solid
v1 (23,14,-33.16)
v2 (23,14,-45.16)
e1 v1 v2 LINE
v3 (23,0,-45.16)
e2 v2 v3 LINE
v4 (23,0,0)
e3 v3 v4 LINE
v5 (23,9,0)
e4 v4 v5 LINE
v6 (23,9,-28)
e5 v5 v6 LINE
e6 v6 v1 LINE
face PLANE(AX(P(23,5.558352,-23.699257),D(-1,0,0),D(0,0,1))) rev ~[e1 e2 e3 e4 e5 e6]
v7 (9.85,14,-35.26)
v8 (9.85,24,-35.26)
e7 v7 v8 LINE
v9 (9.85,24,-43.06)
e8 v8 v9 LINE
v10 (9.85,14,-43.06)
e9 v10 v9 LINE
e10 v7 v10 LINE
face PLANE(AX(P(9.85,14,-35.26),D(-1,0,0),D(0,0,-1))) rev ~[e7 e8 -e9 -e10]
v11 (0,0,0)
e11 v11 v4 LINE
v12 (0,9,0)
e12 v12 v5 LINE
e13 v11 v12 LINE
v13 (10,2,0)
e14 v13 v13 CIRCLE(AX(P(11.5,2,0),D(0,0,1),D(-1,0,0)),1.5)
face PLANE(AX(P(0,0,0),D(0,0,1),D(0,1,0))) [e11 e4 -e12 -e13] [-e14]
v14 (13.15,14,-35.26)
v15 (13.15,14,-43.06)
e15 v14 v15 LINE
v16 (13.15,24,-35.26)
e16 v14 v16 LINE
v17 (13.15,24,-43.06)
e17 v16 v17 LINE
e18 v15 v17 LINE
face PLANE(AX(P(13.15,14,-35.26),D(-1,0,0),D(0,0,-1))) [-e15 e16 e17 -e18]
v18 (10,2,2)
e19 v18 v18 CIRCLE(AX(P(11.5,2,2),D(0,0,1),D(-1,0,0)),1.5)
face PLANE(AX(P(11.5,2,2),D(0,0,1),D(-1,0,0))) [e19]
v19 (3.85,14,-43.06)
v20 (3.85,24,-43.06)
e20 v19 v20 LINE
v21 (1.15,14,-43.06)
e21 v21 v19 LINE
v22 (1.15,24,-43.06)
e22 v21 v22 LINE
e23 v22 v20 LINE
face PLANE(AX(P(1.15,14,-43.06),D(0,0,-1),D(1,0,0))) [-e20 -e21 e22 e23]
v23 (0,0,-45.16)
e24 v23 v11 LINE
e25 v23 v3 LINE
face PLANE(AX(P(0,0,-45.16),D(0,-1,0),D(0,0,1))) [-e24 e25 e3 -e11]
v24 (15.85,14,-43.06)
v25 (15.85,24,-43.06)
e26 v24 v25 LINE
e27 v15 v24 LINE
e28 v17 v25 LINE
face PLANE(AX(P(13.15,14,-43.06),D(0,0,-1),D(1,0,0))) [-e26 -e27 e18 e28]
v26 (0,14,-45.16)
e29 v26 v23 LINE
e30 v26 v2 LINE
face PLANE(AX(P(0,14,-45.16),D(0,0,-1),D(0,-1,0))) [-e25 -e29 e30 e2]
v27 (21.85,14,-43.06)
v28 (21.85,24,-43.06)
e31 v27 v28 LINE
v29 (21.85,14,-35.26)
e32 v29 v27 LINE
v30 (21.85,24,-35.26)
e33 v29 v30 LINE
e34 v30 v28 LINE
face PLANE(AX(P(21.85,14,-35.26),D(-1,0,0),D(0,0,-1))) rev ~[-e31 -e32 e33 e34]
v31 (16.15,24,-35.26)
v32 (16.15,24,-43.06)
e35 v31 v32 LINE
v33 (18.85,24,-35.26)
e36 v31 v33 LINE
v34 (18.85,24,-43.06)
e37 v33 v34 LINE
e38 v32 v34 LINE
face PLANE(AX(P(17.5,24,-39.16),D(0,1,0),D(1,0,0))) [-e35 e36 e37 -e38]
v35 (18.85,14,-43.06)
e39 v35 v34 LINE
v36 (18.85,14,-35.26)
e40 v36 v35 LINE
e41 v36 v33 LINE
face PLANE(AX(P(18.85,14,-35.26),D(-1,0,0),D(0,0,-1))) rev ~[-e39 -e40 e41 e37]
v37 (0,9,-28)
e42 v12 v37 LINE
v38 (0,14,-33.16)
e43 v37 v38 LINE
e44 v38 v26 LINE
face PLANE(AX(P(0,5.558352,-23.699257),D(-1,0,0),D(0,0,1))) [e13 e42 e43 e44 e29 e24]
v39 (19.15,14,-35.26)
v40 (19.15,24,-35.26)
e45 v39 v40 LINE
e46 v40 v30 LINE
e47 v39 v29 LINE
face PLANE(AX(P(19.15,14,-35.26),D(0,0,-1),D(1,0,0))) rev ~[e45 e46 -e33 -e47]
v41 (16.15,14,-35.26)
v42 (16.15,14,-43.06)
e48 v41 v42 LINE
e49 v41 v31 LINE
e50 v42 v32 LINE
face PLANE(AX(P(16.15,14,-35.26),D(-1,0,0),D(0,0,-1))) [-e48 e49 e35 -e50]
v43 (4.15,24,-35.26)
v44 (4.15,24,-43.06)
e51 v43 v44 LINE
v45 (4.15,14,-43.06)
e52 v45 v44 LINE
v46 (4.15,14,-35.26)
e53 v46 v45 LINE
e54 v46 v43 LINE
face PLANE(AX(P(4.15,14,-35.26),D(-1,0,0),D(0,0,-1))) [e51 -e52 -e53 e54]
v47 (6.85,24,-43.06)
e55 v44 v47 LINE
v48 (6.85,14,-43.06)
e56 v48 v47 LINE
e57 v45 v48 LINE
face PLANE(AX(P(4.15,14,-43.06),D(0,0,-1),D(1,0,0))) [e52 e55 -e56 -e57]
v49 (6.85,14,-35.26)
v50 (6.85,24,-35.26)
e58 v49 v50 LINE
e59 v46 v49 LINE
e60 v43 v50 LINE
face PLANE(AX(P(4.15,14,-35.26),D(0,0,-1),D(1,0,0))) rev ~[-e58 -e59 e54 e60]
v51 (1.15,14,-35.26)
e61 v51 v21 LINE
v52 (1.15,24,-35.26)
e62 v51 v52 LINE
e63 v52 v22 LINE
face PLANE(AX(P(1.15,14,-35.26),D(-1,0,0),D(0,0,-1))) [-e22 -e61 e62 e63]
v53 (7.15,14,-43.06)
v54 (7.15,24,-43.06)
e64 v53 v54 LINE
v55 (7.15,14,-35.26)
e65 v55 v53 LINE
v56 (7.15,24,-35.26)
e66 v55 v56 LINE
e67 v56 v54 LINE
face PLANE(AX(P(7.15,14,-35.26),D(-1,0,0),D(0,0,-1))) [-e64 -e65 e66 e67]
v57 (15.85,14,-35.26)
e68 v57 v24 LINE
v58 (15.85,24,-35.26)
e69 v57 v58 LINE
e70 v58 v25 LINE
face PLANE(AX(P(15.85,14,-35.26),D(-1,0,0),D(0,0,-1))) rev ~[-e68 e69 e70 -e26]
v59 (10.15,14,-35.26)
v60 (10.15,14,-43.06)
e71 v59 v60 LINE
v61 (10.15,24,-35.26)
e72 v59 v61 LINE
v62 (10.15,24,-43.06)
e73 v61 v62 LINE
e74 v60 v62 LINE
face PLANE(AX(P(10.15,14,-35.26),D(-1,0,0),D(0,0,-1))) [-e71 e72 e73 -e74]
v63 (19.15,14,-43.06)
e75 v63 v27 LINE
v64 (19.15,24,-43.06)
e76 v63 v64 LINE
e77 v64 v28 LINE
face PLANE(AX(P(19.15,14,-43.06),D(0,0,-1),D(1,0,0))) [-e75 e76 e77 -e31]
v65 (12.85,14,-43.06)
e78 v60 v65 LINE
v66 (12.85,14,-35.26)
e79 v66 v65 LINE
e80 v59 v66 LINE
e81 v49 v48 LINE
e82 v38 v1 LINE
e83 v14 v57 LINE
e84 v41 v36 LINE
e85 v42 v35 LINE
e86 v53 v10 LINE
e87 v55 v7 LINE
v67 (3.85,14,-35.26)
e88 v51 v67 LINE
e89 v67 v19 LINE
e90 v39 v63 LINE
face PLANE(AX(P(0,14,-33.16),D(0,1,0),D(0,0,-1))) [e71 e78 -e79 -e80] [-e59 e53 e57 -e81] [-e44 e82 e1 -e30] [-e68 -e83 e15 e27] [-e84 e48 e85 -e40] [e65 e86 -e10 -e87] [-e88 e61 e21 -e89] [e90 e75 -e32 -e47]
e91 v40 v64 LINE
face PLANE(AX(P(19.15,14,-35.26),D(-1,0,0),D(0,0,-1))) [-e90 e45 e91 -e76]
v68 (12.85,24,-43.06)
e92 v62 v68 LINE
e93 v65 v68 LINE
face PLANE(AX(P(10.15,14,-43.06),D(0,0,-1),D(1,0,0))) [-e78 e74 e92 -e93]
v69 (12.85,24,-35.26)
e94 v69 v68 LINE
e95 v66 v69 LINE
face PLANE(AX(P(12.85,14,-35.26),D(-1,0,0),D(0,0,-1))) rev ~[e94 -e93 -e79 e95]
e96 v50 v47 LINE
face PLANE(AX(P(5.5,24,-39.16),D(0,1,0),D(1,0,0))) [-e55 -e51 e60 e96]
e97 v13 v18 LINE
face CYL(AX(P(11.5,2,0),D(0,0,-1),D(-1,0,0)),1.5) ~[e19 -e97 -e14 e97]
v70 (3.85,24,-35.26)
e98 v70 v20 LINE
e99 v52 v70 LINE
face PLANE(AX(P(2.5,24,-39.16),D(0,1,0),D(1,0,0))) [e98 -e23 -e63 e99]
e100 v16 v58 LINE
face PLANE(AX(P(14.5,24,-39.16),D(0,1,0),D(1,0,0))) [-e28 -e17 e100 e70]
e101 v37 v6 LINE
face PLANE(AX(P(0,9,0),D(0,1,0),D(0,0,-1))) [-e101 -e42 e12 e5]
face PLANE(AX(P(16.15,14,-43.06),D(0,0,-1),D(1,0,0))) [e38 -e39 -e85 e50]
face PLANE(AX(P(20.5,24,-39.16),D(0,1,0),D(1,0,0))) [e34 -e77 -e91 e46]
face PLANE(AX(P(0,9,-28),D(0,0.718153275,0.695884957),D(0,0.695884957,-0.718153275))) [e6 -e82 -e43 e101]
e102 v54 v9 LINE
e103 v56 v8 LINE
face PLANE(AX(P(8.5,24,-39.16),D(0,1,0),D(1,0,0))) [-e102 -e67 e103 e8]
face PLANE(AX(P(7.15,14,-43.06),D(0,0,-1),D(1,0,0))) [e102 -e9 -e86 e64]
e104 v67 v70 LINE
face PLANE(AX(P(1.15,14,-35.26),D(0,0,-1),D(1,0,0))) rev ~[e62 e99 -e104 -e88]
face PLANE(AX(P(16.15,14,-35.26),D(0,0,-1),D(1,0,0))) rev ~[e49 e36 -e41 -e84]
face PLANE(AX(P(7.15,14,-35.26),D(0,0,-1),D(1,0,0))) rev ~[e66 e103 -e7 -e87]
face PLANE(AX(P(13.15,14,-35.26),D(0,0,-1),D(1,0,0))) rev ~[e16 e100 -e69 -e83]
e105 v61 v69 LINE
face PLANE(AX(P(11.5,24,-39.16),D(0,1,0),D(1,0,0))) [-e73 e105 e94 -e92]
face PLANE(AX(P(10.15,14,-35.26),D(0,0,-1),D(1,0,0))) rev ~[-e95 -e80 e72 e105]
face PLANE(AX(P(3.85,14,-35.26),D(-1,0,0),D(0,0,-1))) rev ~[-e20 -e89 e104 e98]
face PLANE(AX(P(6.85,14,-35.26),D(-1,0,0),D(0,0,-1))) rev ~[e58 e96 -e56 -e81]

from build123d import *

# Parameters (mm, degrees)
BOSS_EXTRUDE1_DEPTH = 23
SKETCH2_R           = 1.5
BOSS_EXTRUDE2_DEPTH = 2
SKETCH3_W           = 2.7
SKETCH3_H           = 7.8
BOSS_EXTRUDE3_DEPTH = 10


with BuildPart() as part:
    # Sketch1 → Boss-Extrude1 (new body)
    with BuildSketch(Plane(origin=(0, 0, 0), x_dir=(0, 0, -1), z_dir=(1, 0, 0))):
        Polygon((0, 0), (0, 9), (28, 9), (33.16, 14), (45.16, 14), (45.16, 0), align=None)
    extrude(amount=BOSS_EXTRUDE1_DEPTH)

    # Sketch2 → Boss-Extrude2 (add)
    with BuildSketch(Plane.XY):
        with Locations(Location((11.5, 2, 0), (0, 0, 180))):
            Circle(SKETCH2_R)
    extrude(amount=BOSS_EXTRUDE2_DEPTH)

    # Sketch3 → Boss-Extrude3 (add)
    with BuildSketch(Plane(origin=(0, 14, 0), x_dir=(1, 0, 0), z_dir=(0, 1, 0))):
        with Locations((14.5, 39.16)):
            Rectangle(SKETCH3_W, SKETCH3_H)
        with Locations((11.5, 39.16)):
            Rectangle(SKETCH3_W, SKETCH3_H)
        with Locations((17.5, 39.16)):
            Rectangle(SKETCH3_W, SKETCH3_H)
        with Locations((20.5, 39.16)):
            Rectangle(SKETCH3_W, SKETCH3_H)
        with Locations((8.5, 39.16)):
            Rectangle(SKETCH3_W, SKETCH3_H)
        with Locations((5.5, 39.16)):
            Rectangle(SKETCH3_W, SKETCH3_H)
        with Locations((2.5, 39.16)):
            Rectangle(SKETCH3_W, SKETCH3_H)
    extrude(amount=BOSS_EXTRUDE3_DEPTH)


solid = part.part
